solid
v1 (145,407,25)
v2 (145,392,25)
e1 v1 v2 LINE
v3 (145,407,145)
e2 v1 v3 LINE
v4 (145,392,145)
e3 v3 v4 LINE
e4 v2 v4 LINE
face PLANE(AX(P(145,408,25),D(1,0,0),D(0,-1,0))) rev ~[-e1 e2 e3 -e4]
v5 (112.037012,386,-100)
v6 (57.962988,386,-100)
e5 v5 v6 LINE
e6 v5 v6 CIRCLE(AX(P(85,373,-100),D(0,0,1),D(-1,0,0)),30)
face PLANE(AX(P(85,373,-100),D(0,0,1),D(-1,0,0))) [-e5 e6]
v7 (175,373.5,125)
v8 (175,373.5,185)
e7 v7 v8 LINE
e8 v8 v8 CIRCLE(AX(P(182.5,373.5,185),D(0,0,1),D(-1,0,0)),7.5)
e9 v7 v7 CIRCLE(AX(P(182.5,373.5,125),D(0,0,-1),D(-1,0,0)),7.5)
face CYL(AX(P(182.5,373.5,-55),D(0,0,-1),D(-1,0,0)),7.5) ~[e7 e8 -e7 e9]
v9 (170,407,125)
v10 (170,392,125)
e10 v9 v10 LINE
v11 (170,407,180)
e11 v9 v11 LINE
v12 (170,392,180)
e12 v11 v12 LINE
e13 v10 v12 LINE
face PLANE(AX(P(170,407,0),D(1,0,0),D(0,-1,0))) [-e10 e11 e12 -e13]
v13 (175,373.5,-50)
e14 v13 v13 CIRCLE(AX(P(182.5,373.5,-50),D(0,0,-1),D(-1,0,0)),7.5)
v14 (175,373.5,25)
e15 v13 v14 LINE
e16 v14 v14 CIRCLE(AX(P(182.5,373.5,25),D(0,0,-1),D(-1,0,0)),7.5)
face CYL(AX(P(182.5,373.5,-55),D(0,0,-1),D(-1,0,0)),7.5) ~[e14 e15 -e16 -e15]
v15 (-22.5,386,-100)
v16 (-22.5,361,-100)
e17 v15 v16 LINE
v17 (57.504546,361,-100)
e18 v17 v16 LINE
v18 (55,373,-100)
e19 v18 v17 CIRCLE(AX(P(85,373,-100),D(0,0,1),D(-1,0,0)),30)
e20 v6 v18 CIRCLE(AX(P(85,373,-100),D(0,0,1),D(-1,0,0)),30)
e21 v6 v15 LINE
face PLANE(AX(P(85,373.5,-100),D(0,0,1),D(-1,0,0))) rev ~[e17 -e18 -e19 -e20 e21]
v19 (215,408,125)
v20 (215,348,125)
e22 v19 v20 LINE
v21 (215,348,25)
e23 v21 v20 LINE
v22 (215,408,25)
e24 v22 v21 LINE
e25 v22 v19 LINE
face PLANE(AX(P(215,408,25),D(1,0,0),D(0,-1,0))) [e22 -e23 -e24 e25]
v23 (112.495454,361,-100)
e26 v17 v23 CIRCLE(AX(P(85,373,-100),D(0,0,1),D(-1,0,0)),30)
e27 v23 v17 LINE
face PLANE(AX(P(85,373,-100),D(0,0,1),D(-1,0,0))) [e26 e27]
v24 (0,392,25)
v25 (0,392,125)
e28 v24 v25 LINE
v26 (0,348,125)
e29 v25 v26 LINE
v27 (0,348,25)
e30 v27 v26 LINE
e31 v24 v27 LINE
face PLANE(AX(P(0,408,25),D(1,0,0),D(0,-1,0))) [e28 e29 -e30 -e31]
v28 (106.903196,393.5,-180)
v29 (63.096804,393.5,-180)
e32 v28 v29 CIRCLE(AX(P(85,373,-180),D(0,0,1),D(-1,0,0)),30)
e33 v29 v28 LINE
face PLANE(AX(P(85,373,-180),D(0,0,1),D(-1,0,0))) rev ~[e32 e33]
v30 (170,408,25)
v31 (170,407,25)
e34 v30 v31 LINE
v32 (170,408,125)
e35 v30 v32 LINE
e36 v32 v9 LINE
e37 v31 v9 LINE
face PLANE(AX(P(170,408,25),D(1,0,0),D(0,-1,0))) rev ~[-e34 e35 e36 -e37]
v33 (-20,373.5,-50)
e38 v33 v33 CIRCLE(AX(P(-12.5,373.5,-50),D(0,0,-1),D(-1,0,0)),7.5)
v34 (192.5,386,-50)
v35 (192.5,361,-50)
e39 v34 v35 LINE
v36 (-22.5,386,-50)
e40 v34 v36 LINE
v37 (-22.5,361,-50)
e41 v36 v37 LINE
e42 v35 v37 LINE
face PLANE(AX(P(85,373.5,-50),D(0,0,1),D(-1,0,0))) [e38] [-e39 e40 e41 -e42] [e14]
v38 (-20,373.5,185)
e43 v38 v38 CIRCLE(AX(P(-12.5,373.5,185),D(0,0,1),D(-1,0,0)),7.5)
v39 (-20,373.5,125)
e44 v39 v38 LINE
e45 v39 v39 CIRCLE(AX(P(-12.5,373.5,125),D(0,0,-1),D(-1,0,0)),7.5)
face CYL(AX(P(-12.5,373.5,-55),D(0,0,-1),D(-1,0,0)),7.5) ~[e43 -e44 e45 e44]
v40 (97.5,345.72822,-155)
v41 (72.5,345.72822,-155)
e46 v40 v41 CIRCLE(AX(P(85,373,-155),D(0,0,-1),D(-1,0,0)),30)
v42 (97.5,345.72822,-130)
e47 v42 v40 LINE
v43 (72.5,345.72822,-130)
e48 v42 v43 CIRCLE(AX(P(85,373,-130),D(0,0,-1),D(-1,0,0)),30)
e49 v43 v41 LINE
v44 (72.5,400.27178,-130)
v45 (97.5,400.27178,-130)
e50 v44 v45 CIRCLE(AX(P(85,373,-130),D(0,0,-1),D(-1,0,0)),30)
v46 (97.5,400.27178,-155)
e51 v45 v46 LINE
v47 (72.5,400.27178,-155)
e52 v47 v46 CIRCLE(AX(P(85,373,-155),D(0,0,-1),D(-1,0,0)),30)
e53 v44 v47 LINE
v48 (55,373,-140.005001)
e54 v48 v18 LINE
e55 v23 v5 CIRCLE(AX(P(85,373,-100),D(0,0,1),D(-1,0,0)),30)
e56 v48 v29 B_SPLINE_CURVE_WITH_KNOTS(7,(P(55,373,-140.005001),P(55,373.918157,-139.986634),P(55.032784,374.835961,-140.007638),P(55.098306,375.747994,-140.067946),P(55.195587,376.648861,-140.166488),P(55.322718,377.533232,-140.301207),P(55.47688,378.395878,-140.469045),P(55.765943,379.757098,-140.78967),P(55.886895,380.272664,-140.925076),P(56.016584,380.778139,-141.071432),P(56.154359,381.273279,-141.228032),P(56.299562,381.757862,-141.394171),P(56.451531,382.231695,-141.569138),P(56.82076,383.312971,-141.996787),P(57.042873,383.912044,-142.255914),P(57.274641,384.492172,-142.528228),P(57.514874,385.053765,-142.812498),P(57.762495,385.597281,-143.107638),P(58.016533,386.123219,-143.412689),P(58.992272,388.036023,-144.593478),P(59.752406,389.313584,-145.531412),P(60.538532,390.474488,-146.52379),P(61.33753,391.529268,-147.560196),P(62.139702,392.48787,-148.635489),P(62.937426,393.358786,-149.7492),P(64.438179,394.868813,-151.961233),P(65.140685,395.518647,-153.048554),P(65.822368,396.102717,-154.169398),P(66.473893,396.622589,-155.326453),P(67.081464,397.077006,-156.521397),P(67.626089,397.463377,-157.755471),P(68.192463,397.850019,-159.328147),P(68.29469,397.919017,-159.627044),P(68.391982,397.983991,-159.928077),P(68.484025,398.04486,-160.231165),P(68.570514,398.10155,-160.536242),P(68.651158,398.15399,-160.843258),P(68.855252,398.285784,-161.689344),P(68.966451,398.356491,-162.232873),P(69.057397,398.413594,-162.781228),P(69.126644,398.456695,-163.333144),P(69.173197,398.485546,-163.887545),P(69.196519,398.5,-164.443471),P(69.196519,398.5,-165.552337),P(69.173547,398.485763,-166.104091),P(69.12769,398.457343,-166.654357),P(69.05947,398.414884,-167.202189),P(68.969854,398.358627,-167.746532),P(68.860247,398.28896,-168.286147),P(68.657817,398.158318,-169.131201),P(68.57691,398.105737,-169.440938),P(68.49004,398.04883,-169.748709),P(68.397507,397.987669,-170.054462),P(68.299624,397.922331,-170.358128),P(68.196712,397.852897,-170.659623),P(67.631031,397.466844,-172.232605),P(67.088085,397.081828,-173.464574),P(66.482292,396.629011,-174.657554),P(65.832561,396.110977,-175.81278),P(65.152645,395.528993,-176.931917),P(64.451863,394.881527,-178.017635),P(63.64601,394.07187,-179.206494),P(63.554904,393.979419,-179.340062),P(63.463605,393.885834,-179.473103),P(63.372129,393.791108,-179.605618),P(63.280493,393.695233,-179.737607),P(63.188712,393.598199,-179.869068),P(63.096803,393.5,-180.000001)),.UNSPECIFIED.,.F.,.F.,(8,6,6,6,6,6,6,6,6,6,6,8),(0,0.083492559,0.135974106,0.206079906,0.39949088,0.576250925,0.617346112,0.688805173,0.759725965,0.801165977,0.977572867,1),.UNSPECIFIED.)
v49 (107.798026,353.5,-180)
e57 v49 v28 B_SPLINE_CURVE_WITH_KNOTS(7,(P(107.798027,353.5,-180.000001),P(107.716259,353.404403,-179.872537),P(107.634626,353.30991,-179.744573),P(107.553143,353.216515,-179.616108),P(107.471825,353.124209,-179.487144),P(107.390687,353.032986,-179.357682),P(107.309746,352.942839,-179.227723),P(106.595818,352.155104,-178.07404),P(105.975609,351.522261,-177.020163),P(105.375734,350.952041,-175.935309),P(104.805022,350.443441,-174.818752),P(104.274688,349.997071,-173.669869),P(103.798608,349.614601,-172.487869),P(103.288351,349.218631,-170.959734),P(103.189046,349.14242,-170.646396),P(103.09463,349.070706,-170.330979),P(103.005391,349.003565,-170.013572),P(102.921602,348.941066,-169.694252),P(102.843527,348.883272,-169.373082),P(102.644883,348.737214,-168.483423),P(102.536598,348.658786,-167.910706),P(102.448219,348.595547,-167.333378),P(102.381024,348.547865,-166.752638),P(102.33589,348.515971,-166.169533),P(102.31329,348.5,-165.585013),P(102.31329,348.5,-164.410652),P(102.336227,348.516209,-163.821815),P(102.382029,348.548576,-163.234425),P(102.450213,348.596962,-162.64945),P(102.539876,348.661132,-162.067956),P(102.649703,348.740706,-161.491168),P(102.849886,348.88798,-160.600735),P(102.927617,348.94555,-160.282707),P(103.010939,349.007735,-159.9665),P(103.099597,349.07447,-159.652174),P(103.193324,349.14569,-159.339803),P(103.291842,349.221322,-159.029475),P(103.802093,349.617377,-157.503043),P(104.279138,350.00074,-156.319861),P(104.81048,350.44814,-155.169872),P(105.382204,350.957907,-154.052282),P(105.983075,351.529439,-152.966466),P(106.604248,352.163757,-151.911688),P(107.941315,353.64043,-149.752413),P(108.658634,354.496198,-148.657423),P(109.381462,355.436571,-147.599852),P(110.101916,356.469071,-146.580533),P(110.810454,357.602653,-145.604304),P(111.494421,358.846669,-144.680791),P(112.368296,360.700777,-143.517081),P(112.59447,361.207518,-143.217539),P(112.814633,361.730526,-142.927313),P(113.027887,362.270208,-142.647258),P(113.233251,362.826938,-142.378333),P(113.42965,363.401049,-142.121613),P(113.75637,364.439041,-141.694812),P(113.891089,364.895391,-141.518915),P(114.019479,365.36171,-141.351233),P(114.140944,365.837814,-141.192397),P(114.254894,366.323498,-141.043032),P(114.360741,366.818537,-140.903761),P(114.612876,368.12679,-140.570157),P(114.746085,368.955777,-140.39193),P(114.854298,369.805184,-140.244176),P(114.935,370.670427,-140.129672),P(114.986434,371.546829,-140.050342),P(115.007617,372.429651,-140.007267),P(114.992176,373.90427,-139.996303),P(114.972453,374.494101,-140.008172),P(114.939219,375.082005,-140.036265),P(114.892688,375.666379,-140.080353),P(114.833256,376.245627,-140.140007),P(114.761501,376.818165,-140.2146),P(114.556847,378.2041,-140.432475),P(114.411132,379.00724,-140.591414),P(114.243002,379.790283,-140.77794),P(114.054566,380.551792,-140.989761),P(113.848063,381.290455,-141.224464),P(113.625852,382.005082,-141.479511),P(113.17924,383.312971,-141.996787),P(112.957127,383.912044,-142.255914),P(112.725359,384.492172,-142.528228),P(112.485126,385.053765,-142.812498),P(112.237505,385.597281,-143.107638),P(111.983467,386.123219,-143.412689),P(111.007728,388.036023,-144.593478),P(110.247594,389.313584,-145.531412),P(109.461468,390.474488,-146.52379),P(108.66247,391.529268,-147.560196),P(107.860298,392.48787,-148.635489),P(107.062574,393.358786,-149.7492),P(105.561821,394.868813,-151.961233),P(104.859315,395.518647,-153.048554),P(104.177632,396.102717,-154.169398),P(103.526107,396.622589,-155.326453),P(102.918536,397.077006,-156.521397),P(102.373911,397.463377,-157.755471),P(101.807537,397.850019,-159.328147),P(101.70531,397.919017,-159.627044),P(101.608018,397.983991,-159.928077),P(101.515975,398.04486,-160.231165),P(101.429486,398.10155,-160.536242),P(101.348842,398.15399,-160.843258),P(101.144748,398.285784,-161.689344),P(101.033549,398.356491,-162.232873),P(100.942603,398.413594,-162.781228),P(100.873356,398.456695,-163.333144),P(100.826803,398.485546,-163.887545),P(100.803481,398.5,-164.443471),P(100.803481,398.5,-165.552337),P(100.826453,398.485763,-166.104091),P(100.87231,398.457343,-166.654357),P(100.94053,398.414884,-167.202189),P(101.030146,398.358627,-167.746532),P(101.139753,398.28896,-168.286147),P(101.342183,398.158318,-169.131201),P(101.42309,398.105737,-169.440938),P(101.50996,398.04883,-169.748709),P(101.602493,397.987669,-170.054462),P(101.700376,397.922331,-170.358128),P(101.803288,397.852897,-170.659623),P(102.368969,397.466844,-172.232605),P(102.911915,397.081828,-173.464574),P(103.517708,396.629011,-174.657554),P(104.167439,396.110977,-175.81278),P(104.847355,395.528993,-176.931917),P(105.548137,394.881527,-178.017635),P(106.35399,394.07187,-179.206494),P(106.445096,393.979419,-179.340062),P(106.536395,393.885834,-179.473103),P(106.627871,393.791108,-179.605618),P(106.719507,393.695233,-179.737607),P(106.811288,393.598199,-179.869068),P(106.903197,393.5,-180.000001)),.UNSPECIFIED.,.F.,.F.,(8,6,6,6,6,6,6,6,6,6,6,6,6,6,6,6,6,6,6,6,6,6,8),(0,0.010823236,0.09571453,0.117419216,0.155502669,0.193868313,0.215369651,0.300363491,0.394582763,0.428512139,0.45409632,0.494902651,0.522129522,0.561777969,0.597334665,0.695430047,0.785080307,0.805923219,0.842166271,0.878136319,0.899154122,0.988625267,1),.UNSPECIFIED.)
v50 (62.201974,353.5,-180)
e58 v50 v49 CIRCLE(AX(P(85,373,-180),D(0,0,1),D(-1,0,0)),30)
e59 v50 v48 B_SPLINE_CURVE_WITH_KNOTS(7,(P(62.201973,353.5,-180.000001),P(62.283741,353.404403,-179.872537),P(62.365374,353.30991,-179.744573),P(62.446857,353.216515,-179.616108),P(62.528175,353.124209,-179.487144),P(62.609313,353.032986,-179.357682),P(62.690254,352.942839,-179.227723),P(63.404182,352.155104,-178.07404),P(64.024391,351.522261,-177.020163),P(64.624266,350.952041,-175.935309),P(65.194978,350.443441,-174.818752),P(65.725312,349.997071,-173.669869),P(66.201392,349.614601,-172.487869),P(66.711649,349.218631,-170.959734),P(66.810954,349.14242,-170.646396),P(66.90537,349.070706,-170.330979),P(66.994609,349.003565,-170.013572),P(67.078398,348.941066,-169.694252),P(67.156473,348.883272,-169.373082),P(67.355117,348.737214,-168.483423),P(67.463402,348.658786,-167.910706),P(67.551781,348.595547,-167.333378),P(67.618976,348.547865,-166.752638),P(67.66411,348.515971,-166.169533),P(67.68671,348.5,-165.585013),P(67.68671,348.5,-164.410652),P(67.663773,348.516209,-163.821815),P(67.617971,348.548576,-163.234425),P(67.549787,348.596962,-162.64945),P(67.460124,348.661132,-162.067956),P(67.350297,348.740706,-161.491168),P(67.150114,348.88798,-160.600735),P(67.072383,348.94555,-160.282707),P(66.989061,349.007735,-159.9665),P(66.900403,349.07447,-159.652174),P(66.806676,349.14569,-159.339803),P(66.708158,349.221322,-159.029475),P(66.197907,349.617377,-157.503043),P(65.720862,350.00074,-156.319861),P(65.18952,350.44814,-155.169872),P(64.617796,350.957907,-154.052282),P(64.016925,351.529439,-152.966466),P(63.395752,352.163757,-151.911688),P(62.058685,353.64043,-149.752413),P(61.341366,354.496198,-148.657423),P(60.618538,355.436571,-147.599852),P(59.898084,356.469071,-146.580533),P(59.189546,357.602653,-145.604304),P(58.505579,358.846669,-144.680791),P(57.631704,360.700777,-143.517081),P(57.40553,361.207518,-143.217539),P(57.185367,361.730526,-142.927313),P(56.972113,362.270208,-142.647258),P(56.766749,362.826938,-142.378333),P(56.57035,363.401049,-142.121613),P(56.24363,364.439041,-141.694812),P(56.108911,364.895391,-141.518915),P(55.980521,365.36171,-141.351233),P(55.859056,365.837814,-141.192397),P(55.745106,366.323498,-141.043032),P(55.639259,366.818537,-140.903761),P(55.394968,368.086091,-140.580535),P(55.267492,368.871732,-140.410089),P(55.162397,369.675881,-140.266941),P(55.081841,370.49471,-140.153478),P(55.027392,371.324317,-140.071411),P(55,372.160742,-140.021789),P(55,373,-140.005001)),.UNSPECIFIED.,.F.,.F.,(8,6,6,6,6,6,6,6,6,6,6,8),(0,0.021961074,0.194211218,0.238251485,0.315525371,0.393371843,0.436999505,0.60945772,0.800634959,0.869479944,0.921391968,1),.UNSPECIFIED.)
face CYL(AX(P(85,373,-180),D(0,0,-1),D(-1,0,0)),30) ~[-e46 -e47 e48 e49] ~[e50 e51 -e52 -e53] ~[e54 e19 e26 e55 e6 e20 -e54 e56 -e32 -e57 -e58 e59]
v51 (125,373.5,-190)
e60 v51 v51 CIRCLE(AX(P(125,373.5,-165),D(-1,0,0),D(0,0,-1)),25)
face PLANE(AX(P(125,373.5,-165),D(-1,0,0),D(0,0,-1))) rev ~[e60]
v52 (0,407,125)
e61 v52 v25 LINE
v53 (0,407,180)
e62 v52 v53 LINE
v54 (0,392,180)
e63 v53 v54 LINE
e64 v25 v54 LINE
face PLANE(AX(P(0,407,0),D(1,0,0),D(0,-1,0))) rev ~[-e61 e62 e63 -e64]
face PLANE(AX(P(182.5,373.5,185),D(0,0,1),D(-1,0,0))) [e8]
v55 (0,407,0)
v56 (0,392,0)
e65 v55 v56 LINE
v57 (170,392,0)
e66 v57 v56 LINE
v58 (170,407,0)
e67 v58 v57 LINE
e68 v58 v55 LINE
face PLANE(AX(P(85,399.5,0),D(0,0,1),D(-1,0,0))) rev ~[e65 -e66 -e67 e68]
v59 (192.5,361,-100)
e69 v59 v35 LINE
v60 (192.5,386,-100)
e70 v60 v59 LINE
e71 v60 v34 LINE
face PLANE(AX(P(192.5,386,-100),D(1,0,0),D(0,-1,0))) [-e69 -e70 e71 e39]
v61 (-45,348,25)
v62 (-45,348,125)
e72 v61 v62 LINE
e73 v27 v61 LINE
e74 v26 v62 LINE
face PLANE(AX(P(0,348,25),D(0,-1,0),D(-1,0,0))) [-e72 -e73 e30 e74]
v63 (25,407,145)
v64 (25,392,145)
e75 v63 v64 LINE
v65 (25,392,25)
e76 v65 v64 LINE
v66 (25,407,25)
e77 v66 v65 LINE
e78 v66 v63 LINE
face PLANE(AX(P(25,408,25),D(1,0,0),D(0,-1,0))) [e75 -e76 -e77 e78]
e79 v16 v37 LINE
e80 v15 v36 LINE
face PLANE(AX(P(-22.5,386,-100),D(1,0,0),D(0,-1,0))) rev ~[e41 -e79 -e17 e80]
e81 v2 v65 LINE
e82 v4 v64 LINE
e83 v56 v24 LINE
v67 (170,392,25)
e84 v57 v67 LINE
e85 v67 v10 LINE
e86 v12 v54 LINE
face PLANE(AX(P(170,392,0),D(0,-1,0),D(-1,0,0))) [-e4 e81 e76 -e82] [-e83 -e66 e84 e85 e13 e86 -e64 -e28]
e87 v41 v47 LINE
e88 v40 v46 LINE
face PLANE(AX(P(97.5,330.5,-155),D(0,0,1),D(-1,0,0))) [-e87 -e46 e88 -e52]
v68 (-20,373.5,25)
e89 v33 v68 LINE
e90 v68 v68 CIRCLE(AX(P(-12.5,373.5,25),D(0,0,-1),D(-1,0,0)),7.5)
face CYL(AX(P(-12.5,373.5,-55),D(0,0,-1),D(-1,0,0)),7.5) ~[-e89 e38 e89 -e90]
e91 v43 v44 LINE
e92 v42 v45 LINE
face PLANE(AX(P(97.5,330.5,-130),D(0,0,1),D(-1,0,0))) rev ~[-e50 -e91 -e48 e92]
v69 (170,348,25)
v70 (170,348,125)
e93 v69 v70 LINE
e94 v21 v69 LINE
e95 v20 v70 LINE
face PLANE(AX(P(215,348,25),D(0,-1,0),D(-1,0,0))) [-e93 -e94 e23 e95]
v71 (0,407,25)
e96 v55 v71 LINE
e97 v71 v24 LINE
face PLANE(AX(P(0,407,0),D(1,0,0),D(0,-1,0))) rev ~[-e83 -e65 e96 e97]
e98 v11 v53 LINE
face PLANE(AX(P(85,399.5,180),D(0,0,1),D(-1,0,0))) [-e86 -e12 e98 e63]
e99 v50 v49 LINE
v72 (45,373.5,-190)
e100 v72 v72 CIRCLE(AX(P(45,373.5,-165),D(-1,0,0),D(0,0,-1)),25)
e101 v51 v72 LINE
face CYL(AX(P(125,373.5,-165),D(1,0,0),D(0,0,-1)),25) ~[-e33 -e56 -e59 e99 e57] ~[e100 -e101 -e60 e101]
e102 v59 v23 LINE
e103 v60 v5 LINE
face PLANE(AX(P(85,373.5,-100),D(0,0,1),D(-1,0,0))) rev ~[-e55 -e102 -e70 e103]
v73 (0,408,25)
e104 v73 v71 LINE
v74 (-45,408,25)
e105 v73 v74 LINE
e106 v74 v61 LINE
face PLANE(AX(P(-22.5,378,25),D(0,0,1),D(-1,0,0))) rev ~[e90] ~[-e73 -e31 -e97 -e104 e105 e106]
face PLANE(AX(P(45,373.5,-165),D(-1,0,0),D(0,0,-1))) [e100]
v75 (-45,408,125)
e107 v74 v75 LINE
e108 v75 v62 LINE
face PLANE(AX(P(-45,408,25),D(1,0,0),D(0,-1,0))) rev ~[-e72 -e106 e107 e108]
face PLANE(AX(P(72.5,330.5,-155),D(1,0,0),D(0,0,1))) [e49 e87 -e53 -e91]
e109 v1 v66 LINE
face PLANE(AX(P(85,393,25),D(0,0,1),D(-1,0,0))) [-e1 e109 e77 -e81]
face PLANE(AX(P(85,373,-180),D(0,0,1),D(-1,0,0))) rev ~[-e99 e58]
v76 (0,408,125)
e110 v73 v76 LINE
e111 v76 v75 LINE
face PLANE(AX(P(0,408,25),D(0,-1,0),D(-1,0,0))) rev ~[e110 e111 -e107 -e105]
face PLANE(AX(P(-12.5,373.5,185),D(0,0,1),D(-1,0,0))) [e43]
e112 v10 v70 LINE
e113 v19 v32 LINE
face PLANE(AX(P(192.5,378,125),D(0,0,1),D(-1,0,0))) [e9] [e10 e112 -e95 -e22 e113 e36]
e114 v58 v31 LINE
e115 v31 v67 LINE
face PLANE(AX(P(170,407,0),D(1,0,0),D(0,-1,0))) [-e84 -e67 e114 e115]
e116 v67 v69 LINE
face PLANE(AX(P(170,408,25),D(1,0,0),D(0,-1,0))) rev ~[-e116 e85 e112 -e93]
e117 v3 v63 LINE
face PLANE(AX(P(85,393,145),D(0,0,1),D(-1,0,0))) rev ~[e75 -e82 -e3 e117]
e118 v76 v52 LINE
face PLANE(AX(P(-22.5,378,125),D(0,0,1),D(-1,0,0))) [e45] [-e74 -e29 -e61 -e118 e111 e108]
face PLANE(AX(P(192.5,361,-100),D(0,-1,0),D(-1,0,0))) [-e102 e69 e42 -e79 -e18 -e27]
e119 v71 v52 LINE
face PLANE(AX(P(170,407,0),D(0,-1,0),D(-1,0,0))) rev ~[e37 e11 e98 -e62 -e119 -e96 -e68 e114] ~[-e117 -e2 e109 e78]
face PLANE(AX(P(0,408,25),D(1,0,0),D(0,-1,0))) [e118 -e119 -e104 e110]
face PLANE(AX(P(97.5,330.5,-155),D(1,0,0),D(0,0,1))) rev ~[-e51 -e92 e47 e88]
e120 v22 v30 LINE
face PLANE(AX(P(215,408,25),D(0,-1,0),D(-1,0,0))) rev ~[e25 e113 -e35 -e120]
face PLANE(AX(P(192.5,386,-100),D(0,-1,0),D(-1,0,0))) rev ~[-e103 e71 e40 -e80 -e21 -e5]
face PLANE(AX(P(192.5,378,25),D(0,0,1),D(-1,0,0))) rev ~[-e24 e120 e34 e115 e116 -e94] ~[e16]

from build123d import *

# Parameters (mm, degrees)
CYLINDER004_R             = 7.5
CYLINDER004_DEPTH         = 240
CYLINDER005_R             = 7.5
CYLINDER005_DEPTH         = 240
BOX030_W                  = 45
BOX030_H                  = 60
BOX030_DEPTH              = 100
BOX031_W                  = 45
BOX031_H                  = 60
BOX031_DEPTH              = 100
BOX032_W                  = 120
BOX032_H                  = 30
BOX032_DEPTH              = 120
BOX028_W                  = 170
BOX028_H                  = 15
BOX028_DEPTH              = 180
BOX033_W                  = 25
BOX033_H                  = 25
BOX033_DEPTH              = 100
CYLINDER006_R             = 30
CYLINDER006_DEPTH         = 80
CYLINDER007_R             = 25
CYLINDER007_DEPTH         = 80
BOX029_W                  = 215
BOX029_H                  = 25
BOX029_DEPTH              = 50
FUSION005_PLACEMENT_ANGLE = 180


with BuildPart() as cylinder004:
    # Cylinder004 → Cylinder004 (new body)
    with BuildSketch(Plane(origin=(-12.5, 33.5, -55), x_dir=(1, 0, 0), z_dir=(0, 0, 1))):
        Circle(CYLINDER004_R)
    extrude(amount=CYLINDER004_DEPTH)


with BuildPart() as cylinder005:
    # Cylinder005 → Cylinder005 (new body)
    with BuildSketch(Plane(origin=(182.5, 33.5, -55), x_dir=(1, 0, 0), z_dir=(0, 0, 1))):
        Circle(CYLINDER005_R)
    extrude(amount=CYLINDER005_DEPTH)


with BuildPart() as cube025:
    # Box030 → Box030 (new body)
    with BuildSketch(Plane(origin=(-45, -1, 25), x_dir=(1, 0, 0), z_dir=(0, 0, 1))):
        with Locations((22.5, 30)):
            Rectangle(BOX030_W, BOX030_H)
    extrude(amount=BOX030_DEPTH)


with BuildPart() as cube026:
    # Box031 → Box031 (new body)
    with BuildSketch(Plane(origin=(170, -1, 25), x_dir=(1, 0, 0), z_dir=(0, 0, 1))):
        with Locations((22.5, 30)):
            Rectangle(BOX031_W, BOX031_H)
    extrude(amount=BOX031_DEPTH)


with BuildPart() as cube027:
    # Box032 → Box032 (new body)
    with BuildSketch(Plane(origin=(25, -1, 25), x_dir=(1, 0, 0), z_dir=(0, 0, 1))):
        with Locations((60, 15)):
            Rectangle(BOX032_W, BOX032_H)
    extrude(amount=BOX032_DEPTH)


with BuildPart() as cut008:
    # Box028 → Box028 (new body)
    with BuildSketch(Plane.XY):
        with Locations((85, 7.5)):
            Rectangle(BOX028_W, BOX028_H)
    extrude(amount=BOX028_DEPTH)

    # Cut008: cut Cube027
    add(cube027.part, mode=Mode.SUBTRACT)


with BuildPart() as cube028:
    # Box033 → Box033 (new body)
    with BuildSketch(Plane(origin=(72.5, 76.5, -155), x_dir=(1, 0, 0), z_dir=(0, -1, 0))):
        with Locations((12.5, 12.5)):
            Rectangle(BOX033_W, BOX033_H)
    extrude(amount=BOX033_DEPTH)


with BuildPart() as cylinder006:
    # Cylinder006 → Cylinder006 (new body)
    with BuildSketch(Plane(origin=(85, 34, -180), x_dir=(1, 0, 0), z_dir=(0, 0, 1))):
        Circle(CYLINDER006_R)
    extrude(amount=CYLINDER006_DEPTH)


with BuildPart() as cut009:
    # Cylinder007 → Cylinder007 (new body)
    with BuildSketch(Plane(origin=(45, 33.5, -165), x_dir=(0, 0, -1), z_dir=(1, 0, 0))):
        Circle(CYLINDER007_R)
    extrude(amount=CYLINDER007_DEPTH)

    # Fusion004: union Cylinder006
    add(cylinder006.part)

    # Cut009: cut Cube028
    add(cube028.part, mode=Mode.SUBTRACT)


with BuildPart() as standard001:
    # Box029 → Box029 (new body)
    with BuildSketch(Plane(origin=(-22.5, 21, -100), x_dir=(1, 0, 0), z_dir=(0, 0, 1))):
        with Locations((107.5, 12.5)):
            Rectangle(BOX029_W, BOX029_H)
    extrude(amount=BOX029_DEPTH)

    # Fusion005: union Cylinder004, Cylinder005, Cube025, Cube026, Cut008, Cut009
    add(cylinder004.part)
    add(cylinder005.part)
    add(cube025.part)
    add(cube026.part)
    add(cut008.part)
    add(cut009.part)


with BuildPart() as standard001_1:
    # Fusion005 placement: moved
    add(standard001.part.moved(Location((170, 407, 0))).rotate(Axis((170, 407, 0), (0, 0, 1)), FUSION005_PLACEMENT_ANGLE))


solid = standard001_1.part
